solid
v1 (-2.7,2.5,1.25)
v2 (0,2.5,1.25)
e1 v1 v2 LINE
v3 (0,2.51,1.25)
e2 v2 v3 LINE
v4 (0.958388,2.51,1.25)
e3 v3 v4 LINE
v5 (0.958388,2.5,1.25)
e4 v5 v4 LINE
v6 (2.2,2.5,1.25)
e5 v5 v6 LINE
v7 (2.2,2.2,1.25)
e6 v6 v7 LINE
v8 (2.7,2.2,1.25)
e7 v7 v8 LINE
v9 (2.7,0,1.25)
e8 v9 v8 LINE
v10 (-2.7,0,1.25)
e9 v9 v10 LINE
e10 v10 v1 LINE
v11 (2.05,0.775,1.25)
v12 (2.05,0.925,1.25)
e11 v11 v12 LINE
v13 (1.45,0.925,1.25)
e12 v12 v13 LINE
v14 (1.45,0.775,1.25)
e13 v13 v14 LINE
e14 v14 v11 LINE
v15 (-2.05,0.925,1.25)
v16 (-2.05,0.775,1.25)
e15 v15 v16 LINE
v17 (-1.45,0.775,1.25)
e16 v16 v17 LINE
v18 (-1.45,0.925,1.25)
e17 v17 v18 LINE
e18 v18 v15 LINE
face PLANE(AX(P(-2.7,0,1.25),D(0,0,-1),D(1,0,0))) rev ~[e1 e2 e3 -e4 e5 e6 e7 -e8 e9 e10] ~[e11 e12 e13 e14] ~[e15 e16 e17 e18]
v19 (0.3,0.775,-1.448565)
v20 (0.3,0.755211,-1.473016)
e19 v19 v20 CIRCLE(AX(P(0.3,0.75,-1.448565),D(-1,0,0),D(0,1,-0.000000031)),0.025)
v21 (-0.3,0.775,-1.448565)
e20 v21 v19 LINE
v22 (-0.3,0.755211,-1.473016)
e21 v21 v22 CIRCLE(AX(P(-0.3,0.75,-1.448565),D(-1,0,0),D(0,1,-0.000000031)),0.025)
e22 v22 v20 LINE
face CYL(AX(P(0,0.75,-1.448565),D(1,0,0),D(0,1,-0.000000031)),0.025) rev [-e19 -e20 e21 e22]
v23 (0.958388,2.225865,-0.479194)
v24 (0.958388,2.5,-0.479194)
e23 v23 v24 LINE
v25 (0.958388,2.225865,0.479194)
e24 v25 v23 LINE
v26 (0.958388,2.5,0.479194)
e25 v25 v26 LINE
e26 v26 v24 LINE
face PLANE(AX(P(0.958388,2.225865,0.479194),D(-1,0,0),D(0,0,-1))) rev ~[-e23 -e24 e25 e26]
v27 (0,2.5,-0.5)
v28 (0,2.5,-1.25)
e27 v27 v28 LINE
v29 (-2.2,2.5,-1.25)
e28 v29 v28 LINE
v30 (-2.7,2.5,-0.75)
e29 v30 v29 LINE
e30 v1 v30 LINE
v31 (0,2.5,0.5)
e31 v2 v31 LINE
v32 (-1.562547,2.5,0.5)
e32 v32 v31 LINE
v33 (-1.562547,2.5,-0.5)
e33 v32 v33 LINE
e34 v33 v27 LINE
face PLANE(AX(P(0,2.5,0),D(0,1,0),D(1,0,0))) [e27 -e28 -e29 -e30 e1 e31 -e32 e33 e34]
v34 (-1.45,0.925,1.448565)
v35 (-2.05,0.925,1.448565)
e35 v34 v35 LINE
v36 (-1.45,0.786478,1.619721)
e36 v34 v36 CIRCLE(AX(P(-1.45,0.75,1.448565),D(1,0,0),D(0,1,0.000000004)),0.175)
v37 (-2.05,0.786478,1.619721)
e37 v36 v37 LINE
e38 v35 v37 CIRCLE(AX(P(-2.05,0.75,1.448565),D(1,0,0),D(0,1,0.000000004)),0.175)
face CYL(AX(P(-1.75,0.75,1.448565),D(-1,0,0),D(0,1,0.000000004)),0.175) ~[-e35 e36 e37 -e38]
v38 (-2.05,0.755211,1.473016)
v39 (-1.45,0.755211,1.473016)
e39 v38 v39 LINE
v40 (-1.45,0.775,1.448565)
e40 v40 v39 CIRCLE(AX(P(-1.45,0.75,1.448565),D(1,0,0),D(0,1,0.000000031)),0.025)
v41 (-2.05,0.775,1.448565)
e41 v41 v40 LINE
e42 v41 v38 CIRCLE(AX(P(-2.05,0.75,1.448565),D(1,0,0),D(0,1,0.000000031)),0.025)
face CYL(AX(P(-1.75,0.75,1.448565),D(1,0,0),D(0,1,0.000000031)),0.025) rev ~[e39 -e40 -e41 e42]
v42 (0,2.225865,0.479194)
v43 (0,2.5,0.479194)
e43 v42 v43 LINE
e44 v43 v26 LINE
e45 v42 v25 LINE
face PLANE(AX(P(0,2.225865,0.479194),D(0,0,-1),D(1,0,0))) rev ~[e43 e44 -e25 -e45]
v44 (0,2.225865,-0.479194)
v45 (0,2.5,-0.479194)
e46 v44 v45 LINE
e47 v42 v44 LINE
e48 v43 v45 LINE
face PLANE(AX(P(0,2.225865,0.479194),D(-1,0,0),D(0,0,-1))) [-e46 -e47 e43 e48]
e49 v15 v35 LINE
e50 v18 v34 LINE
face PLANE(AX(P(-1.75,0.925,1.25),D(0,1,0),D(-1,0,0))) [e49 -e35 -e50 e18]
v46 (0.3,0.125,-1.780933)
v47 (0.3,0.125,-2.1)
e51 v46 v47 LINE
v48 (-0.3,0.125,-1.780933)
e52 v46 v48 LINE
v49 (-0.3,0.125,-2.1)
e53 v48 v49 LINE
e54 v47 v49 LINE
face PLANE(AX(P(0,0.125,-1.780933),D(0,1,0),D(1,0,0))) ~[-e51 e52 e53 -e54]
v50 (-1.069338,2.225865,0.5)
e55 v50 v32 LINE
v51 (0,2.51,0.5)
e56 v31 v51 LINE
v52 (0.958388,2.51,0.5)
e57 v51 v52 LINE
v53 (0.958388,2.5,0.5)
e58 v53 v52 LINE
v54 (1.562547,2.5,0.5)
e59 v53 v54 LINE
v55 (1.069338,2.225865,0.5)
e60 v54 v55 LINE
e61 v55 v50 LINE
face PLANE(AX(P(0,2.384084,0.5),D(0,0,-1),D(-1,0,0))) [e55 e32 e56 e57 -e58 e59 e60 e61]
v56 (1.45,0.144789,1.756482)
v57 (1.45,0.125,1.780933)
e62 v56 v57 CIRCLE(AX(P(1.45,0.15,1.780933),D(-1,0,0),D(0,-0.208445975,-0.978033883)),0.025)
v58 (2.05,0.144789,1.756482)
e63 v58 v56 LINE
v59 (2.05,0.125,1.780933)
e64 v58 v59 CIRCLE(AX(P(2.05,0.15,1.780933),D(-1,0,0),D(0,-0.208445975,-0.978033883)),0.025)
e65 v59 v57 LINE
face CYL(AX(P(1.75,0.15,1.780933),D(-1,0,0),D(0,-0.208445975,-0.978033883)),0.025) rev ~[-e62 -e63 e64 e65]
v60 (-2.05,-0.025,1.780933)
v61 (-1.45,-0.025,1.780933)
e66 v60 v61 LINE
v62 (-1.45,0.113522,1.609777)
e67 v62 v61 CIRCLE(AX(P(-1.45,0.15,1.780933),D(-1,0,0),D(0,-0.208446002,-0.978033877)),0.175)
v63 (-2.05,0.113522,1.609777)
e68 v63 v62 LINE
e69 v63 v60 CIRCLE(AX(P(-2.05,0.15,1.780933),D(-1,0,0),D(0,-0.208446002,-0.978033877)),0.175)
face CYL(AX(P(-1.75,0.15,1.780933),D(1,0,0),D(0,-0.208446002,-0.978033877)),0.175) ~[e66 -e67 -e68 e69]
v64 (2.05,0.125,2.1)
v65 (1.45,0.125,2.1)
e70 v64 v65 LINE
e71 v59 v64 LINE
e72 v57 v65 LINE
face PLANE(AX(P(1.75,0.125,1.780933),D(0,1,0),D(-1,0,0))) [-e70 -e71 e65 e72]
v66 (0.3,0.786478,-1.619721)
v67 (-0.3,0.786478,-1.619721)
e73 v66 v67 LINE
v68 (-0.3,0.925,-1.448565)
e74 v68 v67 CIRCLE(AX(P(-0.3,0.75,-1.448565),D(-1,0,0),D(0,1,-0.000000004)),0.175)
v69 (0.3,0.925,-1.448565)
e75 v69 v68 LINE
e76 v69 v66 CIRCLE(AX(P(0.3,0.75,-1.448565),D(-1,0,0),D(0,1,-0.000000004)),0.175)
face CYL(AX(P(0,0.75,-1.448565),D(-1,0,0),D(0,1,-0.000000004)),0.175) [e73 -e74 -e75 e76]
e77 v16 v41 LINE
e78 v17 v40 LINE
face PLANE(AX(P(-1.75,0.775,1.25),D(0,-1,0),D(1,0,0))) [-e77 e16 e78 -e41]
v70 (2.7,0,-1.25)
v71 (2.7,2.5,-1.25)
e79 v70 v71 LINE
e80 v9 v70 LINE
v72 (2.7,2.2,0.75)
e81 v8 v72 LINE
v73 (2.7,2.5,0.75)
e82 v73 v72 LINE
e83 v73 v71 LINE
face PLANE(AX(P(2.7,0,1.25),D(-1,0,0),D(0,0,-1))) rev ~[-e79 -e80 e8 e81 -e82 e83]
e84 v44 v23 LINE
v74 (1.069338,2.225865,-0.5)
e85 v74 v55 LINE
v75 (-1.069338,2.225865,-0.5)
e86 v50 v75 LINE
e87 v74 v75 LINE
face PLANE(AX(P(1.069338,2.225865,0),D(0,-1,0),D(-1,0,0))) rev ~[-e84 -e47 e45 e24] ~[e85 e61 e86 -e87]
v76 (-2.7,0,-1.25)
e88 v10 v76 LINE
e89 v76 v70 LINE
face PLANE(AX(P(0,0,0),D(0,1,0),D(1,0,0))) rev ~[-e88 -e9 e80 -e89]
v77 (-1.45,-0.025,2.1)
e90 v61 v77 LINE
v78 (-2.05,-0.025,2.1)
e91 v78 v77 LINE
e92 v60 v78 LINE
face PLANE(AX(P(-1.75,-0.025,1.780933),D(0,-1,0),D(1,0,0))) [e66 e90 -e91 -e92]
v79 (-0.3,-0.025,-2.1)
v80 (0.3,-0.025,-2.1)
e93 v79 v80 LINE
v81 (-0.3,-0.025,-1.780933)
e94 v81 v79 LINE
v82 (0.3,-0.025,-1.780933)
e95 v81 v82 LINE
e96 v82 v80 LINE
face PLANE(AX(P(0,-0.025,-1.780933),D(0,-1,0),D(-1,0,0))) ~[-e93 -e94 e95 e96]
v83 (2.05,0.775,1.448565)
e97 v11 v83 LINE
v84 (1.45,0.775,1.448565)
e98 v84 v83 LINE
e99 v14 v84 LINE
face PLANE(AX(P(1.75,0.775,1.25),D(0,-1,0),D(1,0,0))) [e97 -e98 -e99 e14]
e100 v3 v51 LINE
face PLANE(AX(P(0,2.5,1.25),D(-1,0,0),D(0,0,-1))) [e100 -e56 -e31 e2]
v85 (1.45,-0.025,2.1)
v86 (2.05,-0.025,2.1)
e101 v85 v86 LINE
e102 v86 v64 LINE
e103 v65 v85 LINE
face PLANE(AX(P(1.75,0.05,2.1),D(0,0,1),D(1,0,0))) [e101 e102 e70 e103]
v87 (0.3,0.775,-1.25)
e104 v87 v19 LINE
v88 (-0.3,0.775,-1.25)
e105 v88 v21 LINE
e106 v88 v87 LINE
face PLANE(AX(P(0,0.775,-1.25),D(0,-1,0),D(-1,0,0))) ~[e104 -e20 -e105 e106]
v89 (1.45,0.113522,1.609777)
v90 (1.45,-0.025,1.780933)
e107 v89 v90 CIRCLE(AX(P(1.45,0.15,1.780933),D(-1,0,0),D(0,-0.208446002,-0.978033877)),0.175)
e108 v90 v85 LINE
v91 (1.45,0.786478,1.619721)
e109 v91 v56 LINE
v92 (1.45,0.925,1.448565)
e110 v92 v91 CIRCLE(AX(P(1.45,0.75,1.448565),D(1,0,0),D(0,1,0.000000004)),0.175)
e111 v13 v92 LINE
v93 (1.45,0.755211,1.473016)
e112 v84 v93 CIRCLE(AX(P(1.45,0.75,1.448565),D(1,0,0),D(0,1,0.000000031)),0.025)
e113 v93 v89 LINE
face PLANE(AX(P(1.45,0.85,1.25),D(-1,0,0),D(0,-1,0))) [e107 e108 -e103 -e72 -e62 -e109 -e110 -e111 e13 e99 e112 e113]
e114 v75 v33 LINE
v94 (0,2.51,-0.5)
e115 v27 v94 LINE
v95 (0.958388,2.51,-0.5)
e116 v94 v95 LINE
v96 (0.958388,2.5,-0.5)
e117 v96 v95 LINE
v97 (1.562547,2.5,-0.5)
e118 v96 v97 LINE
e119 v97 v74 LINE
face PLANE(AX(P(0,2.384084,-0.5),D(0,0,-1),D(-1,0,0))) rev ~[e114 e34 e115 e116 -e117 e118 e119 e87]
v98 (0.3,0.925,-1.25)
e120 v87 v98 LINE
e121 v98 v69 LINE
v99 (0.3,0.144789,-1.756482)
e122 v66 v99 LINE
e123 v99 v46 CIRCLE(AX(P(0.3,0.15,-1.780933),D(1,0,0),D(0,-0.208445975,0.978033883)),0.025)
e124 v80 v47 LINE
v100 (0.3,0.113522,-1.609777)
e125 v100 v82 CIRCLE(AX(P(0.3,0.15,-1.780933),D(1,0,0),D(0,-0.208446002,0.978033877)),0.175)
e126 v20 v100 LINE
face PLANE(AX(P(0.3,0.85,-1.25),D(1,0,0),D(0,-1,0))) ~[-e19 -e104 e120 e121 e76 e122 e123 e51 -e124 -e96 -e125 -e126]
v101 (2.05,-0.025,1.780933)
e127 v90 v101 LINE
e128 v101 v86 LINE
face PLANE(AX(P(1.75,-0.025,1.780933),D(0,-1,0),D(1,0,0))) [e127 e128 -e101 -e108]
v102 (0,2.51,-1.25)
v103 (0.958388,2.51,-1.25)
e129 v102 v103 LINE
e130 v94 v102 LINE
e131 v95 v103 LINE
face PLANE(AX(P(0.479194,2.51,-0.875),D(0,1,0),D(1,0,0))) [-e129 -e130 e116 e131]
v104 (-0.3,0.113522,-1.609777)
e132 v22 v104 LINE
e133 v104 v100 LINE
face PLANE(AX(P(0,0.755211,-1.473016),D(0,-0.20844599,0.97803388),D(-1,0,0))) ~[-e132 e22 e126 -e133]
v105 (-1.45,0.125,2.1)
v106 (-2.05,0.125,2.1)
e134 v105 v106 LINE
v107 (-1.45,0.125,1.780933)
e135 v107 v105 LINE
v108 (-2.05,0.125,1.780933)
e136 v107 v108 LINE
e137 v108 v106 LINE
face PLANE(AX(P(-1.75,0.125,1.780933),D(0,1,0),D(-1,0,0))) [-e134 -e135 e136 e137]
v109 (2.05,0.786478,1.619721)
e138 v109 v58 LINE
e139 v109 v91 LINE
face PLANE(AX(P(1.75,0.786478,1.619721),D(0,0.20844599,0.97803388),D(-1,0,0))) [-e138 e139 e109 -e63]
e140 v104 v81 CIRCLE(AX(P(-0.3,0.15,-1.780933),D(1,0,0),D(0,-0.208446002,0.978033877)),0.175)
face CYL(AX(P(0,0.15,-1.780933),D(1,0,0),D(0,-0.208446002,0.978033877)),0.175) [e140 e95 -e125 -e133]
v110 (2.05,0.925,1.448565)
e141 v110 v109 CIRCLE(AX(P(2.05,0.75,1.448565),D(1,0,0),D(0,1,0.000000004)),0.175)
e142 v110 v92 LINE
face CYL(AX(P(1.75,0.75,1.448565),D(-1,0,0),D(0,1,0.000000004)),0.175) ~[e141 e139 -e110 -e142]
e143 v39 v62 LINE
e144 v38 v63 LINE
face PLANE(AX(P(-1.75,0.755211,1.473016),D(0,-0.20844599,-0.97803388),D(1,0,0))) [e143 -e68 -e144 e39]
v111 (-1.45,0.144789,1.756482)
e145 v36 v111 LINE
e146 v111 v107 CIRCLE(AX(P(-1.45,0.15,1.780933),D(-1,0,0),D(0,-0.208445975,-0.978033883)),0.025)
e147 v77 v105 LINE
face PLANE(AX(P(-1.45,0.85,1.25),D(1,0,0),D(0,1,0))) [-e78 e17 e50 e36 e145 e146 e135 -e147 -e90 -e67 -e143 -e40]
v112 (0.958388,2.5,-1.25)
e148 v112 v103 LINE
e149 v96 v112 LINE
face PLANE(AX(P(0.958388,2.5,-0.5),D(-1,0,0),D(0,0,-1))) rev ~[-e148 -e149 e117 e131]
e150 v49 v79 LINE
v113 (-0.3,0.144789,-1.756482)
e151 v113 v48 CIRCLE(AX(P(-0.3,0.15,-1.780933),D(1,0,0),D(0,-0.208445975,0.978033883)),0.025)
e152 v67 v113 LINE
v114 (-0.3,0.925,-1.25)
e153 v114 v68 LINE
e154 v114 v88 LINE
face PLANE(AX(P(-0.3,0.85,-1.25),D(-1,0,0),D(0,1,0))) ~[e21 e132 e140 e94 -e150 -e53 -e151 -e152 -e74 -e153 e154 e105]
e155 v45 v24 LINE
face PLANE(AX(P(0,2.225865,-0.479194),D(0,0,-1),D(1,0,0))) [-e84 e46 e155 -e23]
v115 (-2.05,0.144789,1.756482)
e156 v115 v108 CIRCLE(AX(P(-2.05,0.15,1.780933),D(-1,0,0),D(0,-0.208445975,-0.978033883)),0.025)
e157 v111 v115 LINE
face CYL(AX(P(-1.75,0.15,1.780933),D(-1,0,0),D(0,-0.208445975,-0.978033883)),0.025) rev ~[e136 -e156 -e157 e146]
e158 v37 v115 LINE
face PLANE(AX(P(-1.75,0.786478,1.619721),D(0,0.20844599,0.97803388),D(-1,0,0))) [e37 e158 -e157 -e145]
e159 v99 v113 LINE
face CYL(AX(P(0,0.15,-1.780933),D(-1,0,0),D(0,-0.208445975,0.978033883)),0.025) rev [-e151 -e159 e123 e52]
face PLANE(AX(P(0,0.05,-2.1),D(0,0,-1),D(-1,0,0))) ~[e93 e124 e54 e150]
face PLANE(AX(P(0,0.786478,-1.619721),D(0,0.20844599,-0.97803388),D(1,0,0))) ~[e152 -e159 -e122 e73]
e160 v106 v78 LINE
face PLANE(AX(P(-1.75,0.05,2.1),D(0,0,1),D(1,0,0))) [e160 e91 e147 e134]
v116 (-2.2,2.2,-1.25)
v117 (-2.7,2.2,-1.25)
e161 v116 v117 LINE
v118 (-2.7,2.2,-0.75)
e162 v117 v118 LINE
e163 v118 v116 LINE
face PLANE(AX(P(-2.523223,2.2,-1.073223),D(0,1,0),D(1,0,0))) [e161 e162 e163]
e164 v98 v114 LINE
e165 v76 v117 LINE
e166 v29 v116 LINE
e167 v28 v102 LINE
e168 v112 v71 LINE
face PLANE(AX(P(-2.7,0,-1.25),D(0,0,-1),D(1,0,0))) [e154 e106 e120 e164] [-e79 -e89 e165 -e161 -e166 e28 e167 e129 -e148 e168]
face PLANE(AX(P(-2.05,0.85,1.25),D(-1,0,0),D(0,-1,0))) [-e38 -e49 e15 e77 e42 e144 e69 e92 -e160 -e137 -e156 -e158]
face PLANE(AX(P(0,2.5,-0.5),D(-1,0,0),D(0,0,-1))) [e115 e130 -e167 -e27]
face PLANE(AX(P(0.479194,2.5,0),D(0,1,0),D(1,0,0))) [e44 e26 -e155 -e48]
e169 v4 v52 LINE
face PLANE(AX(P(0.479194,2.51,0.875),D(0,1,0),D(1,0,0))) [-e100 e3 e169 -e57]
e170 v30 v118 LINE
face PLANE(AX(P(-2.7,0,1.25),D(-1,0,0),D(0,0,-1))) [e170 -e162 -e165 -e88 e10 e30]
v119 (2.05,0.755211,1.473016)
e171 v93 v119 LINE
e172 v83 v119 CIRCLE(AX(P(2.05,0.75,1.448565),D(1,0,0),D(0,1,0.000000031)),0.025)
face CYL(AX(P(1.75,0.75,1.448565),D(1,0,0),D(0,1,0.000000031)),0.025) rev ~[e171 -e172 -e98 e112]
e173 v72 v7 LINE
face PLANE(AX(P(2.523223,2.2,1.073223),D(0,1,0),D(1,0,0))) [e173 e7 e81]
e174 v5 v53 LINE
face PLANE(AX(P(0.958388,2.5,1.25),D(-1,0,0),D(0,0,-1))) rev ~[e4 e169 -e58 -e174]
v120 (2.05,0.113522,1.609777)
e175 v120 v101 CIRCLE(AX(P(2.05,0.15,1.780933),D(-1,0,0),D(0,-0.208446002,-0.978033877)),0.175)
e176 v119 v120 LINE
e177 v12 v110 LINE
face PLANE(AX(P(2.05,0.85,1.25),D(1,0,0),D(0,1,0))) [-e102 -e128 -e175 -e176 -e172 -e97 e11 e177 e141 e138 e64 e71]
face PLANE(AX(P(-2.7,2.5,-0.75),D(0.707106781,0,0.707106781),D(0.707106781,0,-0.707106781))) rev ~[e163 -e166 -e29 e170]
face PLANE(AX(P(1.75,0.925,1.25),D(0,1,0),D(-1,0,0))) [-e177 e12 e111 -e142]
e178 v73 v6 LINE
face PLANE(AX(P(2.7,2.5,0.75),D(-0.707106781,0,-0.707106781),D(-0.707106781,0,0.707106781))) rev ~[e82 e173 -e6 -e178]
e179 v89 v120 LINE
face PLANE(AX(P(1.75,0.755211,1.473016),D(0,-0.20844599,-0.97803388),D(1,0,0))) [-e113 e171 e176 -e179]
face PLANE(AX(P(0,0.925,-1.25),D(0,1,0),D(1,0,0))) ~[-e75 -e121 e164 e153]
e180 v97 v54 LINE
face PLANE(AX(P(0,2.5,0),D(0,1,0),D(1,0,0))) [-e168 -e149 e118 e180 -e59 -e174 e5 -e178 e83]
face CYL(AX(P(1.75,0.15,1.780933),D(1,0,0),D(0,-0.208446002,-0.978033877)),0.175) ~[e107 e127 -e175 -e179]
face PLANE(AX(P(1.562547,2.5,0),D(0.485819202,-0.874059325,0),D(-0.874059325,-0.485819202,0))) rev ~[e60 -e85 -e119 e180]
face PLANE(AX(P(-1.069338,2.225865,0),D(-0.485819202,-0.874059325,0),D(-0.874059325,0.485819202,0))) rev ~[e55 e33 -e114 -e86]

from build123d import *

# Parameters (mm, degrees)
SKETCH1_W               = 5.4
SKETCH1_H               = 2.5
BOSS_EXTRUDE1_DEPTH     = 2.5
CUT_EXTRUDE1_DEPTH      = 0.3
CUT_EXTRUDE2_DEPTH      = 0.5
CUT_EXTRUDE2_DEPTH_BACK = 0.5
SKETCH4_W               = 0.958388154
SKETCH4_H               = 0.958388154
BOSS_EXTRUDE2_DEPTH     = 0.274135
SKETCH5_W               = 0.958388154
SKETCH5_H               = 0.75
BOSS_EXTRUDE3_DEPTH     = 0.01
SKETCH6_W               = 0.6
SKETCH6_H               = 0.15
LPATTERN1_COUNT         = 2
LPATTERN1_PITCH         = 1.75
LPATTERN1_COL_COUNT     = 2
LPATTERN1_COL_PITCH     = 1.75
SKETCH7_W               = 0.897503452
SKETCH7_H               = 1.940022621
CUT_EXTRUDE3_DEPTH      = 0.85


with BuildPart() as part:
    # Sketch1 → Boss-Extrude1 (new body)
    with BuildSketch(Plane(origin=(0, 0, 0), x_dir=(1, 0, 0), z_dir=(0, 1, 0))):
        Rectangle(SKETCH1_W, SKETCH1_H)
    extrude(amount=BOSS_EXTRUDE1_DEPTH)

    # Sketch2 → Cut-Extrude1 (cut)
    with BuildSketch(Plane(origin=(0, 2.5, 0), x_dir=(1, 0, 0), z_dir=(0, 1, 0))):
        Polygon((-2.7, 1.25), (-2.7, 0.75), (-2.2, 1.25), align=None)
        Polygon((2.2, -1.25), (2.7, -1.25), (2.7, -0.75), align=None)
    extrude(amount=-CUT_EXTRUDE1_DEPTH, mode=Mode.SUBTRACT)

    # Sketch3 → Cut-Extrude2 (cut, two sides)
    with BuildSketch(Plane.XY) as cut_extrude2_sk:
        Polygon((1.562546912, 2.5), (1.069337519, 2.22586461), (-1.069337519, 2.22586461), (-1.562546912, 2.5), align=None)
    extrude(amount=CUT_EXTRUDE2_DEPTH, mode=Mode.SUBTRACT)
    extrude(cut_extrude2_sk.sketch, amount=-CUT_EXTRUDE2_DEPTH_BACK, mode=Mode.SUBTRACT)

    # Sketch4 → Boss-Extrude2 (add)
    with BuildSketch(Plane(origin=(0, 2.22586461, 0), x_dir=(1, 0, 0), z_dir=(0, 1, 0))):
        with Locations((0.479194077, 0)):
            Rectangle(SKETCH4_W, SKETCH4_H)
    extrude(amount=BOSS_EXTRUDE2_DEPTH)

    # Sketch5 → Boss-Extrude3 (add)
    with BuildSketch(Plane(origin=(0, 2.5, 0), x_dir=(1, 0, 0), z_dir=(0, 1, 0))):
        with Locations((0.479194077, 0.875)):
            Rectangle(SKETCH5_W, SKETCH5_H)
        with Locations((0.479194077, -0.875)):
            Rectangle(SKETCH5_W, SKETCH5_H)
    extrude(amount=BOSS_EXTRUDE3_DEPTH)

    # Sweep1: sweep along a curve in space
    with BuildLine() as sweep1_path:
        Line((0, 0.85, 1.25), (0, 0.85, 1.44856475))
        ThreePointArc((0, 0.85, 1.44856475), (0, 0.827731782, 1.51147556), (0, 0.770844599, 1.546368138))
        Line((0, 0.770844599, 1.546368138), (0, 0.129155401, 1.683129801))
        ThreePointArc((0, 0.129155401, 1.683129801), (0, 0.072268218, 1.718022379), (0, 0.05, 1.780933189))
        Line((0, 0.05, 1.780933189), (0, 0.05, 2.1))
    # Sketch6 → Sweep1 (sweep)
    with BuildSketch(Plane.XY.offset(1.25)):
        with Locations((0, 0.85)):
            Rectangle(SKETCH6_W, SKETCH6_H)
    sweep1 = sweep(path=sweep1_path.line)

    # Mirror1: Sweep1 across plane
    add(sweep1.mirror(Plane.XY))

    # LPattern1: Sweep1 ×2
    with Locations(*[(i * LPATTERN1_PITCH, 0, 0) for i in range(1, LPATTERN1_COUNT)]):
        add(sweep1)

    # LPattern1 col: Sweep1 ×2
    with Locations(*[(-i * LPATTERN1_COL_PITCH, 0, 0) for i in range(1, LPATTERN1_COL_COUNT)]):
        add(sweep1)

    # Sketch7 → Cut-Extrude3 (cut)
    with BuildSketch(Plane.XY.offset(2.1)):
        with Locations((0, 0.786478049)):
            Rectangle(SKETCH7_W, SKETCH7_H)
    extrude(amount=-CUT_EXTRUDE3_DEPTH, mode=Mode.SUBTRACT)


solid = part.part
